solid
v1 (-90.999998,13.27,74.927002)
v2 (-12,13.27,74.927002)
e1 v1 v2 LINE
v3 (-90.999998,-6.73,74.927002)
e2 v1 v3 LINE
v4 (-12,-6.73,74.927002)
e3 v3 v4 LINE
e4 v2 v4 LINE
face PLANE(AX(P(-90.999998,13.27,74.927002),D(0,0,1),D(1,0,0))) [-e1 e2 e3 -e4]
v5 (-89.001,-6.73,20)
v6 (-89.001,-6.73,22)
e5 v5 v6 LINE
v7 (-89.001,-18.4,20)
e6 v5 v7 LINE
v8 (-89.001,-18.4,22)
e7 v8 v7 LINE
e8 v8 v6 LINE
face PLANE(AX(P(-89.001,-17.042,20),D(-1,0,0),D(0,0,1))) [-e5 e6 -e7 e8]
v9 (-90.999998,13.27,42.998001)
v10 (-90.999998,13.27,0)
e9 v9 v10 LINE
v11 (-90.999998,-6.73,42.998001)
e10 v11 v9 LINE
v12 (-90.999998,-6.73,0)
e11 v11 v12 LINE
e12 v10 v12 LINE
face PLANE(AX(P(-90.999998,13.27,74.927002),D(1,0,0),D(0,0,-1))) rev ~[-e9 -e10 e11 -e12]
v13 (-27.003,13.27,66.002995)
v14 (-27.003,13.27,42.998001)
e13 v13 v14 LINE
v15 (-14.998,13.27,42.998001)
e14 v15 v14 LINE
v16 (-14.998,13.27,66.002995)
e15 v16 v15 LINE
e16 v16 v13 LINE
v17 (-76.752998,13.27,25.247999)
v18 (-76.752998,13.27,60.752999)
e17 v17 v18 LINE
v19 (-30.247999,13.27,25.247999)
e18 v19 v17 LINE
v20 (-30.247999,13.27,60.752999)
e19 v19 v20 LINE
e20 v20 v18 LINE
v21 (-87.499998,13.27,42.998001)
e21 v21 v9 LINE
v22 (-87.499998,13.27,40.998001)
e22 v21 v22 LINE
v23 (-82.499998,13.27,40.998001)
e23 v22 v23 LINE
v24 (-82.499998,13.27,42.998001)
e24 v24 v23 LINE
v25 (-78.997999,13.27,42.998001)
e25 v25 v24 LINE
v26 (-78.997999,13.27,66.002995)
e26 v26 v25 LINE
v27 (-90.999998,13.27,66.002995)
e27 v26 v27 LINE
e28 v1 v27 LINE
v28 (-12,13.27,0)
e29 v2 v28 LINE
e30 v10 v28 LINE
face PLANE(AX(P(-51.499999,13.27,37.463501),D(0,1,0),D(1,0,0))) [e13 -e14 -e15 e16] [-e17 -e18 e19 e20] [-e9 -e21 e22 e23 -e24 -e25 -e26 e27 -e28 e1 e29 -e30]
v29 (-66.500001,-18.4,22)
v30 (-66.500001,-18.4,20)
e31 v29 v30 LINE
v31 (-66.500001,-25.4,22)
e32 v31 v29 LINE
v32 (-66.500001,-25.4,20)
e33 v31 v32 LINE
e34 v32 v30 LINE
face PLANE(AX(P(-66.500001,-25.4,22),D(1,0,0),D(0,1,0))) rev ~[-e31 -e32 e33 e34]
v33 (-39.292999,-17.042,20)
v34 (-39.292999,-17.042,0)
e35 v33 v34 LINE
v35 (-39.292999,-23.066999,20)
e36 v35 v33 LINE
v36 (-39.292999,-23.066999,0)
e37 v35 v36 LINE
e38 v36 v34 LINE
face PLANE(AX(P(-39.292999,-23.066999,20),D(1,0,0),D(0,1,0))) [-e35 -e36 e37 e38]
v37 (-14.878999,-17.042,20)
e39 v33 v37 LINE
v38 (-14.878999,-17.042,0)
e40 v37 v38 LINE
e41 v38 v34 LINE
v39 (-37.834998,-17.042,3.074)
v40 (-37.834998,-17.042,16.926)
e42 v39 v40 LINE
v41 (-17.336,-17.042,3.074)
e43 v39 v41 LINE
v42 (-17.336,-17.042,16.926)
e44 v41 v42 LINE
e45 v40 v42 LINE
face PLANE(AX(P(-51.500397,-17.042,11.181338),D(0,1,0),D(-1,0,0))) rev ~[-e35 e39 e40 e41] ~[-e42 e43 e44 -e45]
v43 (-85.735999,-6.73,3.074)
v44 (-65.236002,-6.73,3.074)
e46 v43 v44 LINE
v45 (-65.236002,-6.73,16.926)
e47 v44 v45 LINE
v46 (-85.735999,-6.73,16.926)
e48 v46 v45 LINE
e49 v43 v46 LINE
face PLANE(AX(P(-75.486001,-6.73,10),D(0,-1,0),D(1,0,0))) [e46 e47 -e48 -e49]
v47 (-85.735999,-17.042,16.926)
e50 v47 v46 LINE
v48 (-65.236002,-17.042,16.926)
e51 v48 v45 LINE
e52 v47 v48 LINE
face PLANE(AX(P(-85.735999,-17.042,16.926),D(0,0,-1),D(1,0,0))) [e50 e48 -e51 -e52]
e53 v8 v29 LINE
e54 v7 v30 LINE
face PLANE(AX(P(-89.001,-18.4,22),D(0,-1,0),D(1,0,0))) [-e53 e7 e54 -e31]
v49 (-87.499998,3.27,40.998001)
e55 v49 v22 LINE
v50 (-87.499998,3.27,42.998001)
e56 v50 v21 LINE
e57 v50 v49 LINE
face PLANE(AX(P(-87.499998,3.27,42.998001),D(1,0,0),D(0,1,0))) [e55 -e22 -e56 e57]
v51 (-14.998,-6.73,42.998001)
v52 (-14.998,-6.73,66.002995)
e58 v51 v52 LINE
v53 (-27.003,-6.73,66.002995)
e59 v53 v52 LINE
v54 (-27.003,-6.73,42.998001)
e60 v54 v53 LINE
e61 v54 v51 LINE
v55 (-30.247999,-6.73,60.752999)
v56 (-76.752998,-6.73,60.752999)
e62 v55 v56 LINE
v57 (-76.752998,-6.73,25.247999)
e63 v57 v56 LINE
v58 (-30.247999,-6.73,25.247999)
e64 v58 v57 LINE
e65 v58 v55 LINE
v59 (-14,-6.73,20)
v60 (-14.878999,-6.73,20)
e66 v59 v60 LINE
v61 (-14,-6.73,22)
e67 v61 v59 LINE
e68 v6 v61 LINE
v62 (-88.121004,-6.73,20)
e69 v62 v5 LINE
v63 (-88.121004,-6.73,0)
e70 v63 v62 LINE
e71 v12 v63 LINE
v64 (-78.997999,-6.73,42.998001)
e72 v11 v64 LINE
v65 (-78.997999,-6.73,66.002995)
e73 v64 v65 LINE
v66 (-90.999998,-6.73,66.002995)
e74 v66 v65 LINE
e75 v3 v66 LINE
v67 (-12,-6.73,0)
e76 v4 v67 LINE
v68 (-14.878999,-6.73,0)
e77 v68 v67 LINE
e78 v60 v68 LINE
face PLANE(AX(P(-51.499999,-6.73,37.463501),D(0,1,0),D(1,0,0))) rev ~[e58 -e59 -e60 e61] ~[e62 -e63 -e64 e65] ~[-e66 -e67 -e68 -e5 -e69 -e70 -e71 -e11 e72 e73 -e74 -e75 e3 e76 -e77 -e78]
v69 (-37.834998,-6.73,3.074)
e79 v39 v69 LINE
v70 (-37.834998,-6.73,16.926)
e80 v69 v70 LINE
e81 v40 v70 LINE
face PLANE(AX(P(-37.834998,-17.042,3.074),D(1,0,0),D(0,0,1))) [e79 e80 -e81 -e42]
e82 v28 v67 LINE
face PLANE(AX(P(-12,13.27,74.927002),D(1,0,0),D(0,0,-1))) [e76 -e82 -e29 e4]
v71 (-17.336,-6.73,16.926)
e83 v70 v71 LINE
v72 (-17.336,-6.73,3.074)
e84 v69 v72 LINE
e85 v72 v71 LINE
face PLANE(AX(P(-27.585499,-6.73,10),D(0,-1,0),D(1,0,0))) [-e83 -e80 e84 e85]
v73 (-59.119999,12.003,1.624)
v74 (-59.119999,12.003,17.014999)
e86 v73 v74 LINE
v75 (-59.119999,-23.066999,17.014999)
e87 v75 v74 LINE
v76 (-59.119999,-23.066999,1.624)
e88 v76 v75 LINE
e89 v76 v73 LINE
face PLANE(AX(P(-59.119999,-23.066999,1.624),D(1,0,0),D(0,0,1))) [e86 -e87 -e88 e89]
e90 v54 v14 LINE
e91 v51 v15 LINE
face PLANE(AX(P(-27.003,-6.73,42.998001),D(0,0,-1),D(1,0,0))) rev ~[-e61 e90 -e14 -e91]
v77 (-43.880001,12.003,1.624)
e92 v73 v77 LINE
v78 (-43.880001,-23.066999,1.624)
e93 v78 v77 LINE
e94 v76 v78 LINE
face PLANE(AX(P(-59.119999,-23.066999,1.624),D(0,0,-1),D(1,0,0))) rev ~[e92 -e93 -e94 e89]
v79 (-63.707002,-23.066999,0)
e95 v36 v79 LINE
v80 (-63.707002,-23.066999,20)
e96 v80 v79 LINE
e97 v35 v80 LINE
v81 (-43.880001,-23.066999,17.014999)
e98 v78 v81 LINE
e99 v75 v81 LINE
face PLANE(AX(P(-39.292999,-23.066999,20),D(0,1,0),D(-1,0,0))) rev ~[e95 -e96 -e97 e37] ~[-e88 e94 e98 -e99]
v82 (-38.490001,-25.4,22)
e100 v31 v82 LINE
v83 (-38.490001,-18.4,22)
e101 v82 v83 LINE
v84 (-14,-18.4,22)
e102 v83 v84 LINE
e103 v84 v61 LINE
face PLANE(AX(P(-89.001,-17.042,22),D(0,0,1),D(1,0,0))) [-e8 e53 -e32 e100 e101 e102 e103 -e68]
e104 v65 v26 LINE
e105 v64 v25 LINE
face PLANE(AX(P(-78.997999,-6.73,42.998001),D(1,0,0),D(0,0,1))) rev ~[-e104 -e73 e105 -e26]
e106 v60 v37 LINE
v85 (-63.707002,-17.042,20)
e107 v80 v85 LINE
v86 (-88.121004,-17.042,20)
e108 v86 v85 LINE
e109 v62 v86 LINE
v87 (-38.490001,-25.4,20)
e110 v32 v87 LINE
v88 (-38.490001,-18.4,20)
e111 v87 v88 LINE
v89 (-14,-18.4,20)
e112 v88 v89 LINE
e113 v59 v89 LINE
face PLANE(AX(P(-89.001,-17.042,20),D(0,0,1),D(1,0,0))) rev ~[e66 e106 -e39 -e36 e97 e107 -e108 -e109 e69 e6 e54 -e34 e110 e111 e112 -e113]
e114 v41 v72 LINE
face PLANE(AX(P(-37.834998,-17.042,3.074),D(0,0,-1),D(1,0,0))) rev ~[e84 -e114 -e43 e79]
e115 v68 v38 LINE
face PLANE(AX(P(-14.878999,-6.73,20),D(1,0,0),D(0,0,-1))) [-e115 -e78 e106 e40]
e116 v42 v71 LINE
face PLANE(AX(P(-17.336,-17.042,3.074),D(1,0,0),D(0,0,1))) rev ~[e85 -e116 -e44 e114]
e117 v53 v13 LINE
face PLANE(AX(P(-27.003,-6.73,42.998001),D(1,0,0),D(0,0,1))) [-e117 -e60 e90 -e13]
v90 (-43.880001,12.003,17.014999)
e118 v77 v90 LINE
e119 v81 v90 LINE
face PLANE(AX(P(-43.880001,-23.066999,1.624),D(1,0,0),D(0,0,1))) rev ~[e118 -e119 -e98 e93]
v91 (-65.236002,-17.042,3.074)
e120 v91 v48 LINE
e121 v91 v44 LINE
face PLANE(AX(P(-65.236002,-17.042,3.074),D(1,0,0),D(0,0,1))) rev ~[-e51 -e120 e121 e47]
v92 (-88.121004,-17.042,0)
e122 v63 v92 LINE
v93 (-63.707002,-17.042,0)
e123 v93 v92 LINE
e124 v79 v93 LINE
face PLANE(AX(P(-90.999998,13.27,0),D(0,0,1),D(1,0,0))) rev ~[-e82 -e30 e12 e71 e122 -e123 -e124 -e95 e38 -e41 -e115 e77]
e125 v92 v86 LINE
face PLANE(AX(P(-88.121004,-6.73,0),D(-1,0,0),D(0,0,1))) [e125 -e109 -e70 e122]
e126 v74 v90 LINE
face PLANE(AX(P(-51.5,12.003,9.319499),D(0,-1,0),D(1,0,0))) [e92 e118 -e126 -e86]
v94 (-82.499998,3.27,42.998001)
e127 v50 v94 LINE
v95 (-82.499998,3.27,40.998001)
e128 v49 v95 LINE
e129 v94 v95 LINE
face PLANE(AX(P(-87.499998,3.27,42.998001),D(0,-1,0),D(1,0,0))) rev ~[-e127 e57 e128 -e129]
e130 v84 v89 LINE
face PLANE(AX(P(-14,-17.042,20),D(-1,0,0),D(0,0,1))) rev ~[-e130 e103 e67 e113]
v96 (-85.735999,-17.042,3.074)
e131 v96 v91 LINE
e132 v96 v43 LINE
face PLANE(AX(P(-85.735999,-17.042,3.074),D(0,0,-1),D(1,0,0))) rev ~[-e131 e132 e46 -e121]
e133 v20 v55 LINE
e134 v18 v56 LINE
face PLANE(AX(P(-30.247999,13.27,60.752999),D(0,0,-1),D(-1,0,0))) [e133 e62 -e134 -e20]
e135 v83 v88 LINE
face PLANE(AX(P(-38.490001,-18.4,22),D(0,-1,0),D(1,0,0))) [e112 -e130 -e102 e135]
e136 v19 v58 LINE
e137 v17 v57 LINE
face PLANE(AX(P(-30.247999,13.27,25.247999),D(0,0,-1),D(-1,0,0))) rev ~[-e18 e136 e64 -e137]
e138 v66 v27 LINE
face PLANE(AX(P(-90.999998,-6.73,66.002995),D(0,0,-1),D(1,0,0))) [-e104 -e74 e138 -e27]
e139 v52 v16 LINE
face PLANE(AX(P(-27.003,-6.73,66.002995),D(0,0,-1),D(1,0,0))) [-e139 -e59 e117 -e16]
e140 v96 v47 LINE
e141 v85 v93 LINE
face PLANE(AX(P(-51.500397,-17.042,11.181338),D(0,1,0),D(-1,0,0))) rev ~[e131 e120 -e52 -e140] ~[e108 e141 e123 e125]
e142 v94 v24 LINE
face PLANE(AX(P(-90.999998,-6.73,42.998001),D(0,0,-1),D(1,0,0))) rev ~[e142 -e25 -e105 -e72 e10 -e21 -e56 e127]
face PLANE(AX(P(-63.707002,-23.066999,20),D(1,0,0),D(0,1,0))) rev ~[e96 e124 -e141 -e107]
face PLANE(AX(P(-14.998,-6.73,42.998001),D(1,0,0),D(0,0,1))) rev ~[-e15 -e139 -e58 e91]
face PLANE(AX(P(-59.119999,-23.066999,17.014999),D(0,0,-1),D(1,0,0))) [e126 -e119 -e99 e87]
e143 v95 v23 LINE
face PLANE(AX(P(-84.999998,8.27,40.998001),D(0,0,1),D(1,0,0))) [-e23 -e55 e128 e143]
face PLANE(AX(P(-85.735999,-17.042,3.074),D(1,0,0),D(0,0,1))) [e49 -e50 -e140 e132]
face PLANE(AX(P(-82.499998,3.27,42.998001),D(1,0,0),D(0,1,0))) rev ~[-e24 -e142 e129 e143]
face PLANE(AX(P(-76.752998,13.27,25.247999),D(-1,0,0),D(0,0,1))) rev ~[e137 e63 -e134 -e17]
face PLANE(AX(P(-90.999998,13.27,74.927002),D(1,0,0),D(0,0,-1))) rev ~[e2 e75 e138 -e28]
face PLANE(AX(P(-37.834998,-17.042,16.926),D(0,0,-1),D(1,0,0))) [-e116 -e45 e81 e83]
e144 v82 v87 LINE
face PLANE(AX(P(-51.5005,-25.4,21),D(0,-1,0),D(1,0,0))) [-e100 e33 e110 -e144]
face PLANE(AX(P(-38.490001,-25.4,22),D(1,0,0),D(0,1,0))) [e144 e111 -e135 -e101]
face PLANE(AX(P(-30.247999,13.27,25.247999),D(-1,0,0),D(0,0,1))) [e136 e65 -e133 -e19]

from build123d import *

# Parameters (mm, degrees)
CROQUIS1_W              = 78.999998048
CROQUIS1_H              = 74.927002192
SALIENTE_EXTRUIR1_DEPTH = 20.000000019
SALIENTE_EXTRUIR2_DEPTH = 10.311999824
CROQUIS3_W              = 75.000999496
CROQUIS3_H              = 2.000000328
SALIENTE_EXTRUIR3_DEPTH = 8.357999846
CROQUIS4_W              = 24.49000068
CROQUIS4_H              = 6.999999285
CORTAR_EXTRUIR1_DEPTH   = 22.999999881
CROQUIS5_W              = 22.500999272
CROQUIS5_H              = 6.999999285
CORTAR_EXTRUIR2_DEPTH   = 22.999999881
CROQUIS6_W              = 12.001998722
CROQUIS6_H              = 23.004993797
CORTAR_EXTRUIR3_DEPTH   = 21.000000019
CROQUIS7_W              = 24.414002895
CROQUIS7_H              = 6.024999544
SALIENTE_EXTRUIR4_DEPTH = 19.999999553
CROQUIS8_W              = 46.50499858
CROQUIS8_H              = 35.505000502
CORTAR_EXTRUIR4_DEPTH   = 39.669999689
CROQUIS9_W              = 12.004999444
CROQUIS9_H              = 23.004993797
CORTAR_EXTRUIR5_DEPTH   = 21.000000019
CROQUIS10_W             = 15.239998699
CROQUIS10_H             = 15.390999034
CORTAR_EXTRUIR6_DEPTH   = 35.069999285
CROQUIS11_W             = 20.498998463
CROQUIS11_H             = 13.852000004
CORTAR_EXTRUIR7_DEPTH   = 10.311999824
CROQUIS12_W             = 20.499996841
CROQUIS12_H             = 13.852000004
CORTAR_EXTRUIR8_DEPTH   = 10.311999824
CROQUIS13_W             = 5
CROQUIS13_H             = 10
CORTAR_EXTRUIR9_DEPTH   = 2


with BuildPart() as part:
    # Croquis1 → Saliente-Extruir1 (new body)
    with BuildSketch(Plane(origin=(0, 13.269999996, 0), x_dir=(1, 0, 0), z_dir=(0, 1, 0))):
        with Locations((-51.499999128, -37.463501096)):
            Rectangle(CROQUIS1_W, CROQUIS1_H)
    extrude(amount=-SALIENTE_EXTRUIR1_DEPTH)

    # Croquis2 → Saliente-Extruir2 (add)
    with BuildSketch(Plane.XZ.offset(6.730000023)):
        Polygon((-14.878999442, 0), (-88.121004403, 0), (-88.121004403, 19.999999553), (-89.000999928, 19.999999553), (-89.000999928, 21.999999881), (-14.000000432, 21.999999881), (-14.000000432, 19.999999553), (-14.878999442, 19.999999553), align=None)
    extrude(amount=SALIENTE_EXTRUIR2_DEPTH)

    # Croquis3 → Saliente-Extruir3 (add)
    with BuildSketch(Plane.XZ.offset(17.041999847)):
        with Locations((-51.50050018, 20.999999717)):
            Rectangle(CROQUIS3_W, CROQUIS3_H)
    extrude(amount=SALIENTE_EXTRUIR3_DEPTH)

    # Croquis4 → Cortar-Extruir1 (cut, through all)
    with BuildSketch(Plane.XY.offset(21.999999881)):
        with Locations((-26.245000772, -21.900000051)):
            Rectangle(CROQUIS4_W, CROQUIS4_H)
    extrude(amount=-CORTAR_EXTRUIR1_DEPTH, mode=Mode.SUBTRACT)

    # Croquis5 → Cortar-Extruir2 (cut, through all)
    with BuildSketch(Plane.XY.offset(21.999999881)):
        with Locations((-77.750500292, -21.900000051)):
            Rectangle(CROQUIS5_W, CROQUIS5_H)
    extrude(amount=-CORTAR_EXTRUIR2_DEPTH, mode=Mode.SUBTRACT)

    # Croquis6 → Cortar-Extruir3 (cut, through all)
    with BuildSketch(Plane.XZ.offset(6.730000023)):
        with Locations((-84.998998791, 54.500497878)):
            Rectangle(CROQUIS6_W, CROQUIS6_H)
    extrude(amount=-CORTAR_EXTRUIR3_DEPTH, mode=Mode.SUBTRACT)

    # Croquis7 → Saliente-Extruir4 (add)
    with BuildSketch(Plane(origin=(0, 0, 19.999999553), x_dir=(-1, 0, 0), z_dir=(0, 0, -1))):
        with Locations((51.50000006, -20.054499619)):
            Rectangle(CROQUIS7_W, CROQUIS7_H)
    extrude(amount=SALIENTE_EXTRUIR4_DEPTH)

    # Croquis8 → Cortar-Extruir4 (cut, through all)
    with BuildSketch(Plane(origin=(0, 13.269999996, 0), x_dir=(-1, 0, 0), z_dir=(0, 1, 0))):
        with Locations((53.500498645, 43.000498787)):
            Rectangle(CROQUIS8_W, CROQUIS8_H)
    extrude(amount=-CORTAR_EXTRUIR4_DEPTH, mode=Mode.SUBTRACT)

    # Croquis9 → Cortar-Extruir5 (cut, through all)
    with BuildSketch(Plane.XZ.offset(6.730000023)):
        with Locations((-21.000499837, 54.500497878)):
            Rectangle(CROQUIS9_W, CROQUIS9_H)
    extrude(amount=-CORTAR_EXTRUIR5_DEPTH, mode=Mode.SUBTRACT)

    # Croquis10 → Cortar-Extruir6 (cut)
    with BuildSketch(Plane.XZ.offset(23.066999391)):
        with Locations((-51.50000006, 9.319499426)):
            Rectangle(CROQUIS10_W, CROQUIS10_H)
    extrude(amount=-CORTAR_EXTRUIR6_DEPTH, mode=Mode.SUBTRACT)

    # Croquis11 → Cortar-Extruir7 (cut)
    with BuildSketch(Plane.XZ.offset(17.041999847)):
        with Locations((-27.585498988, 9.999999893)):
            Rectangle(CROQUIS11_W, CROQUIS11_H)
    extrude(amount=-CORTAR_EXTRUIR7_DEPTH, mode=Mode.SUBTRACT)

    # Croquis12 → Cortar-Extruir8 (cut)
    with BuildSketch(Plane.XZ.offset(17.041999847)):
        with Locations((-75.486000628, 9.999999893)):
            Rectangle(CROQUIS12_W, CROQUIS12_H)
    extrude(amount=-CORTAR_EXTRUIR8_DEPTH, mode=Mode.SUBTRACT)

    # Croquis13 → Cortar-Extruir9 (cut)
    with BuildSketch(Plane.XY.offset(42.998000979)):
        with Locations((-84.999998152, 8.269999996)):
            Rectangle(CROQUIS13_W, CROQUIS13_H)
    extrude(amount=-CORTAR_EXTRUIR9_DEPTH, mode=Mode.SUBTRACT)


solid = part.part
